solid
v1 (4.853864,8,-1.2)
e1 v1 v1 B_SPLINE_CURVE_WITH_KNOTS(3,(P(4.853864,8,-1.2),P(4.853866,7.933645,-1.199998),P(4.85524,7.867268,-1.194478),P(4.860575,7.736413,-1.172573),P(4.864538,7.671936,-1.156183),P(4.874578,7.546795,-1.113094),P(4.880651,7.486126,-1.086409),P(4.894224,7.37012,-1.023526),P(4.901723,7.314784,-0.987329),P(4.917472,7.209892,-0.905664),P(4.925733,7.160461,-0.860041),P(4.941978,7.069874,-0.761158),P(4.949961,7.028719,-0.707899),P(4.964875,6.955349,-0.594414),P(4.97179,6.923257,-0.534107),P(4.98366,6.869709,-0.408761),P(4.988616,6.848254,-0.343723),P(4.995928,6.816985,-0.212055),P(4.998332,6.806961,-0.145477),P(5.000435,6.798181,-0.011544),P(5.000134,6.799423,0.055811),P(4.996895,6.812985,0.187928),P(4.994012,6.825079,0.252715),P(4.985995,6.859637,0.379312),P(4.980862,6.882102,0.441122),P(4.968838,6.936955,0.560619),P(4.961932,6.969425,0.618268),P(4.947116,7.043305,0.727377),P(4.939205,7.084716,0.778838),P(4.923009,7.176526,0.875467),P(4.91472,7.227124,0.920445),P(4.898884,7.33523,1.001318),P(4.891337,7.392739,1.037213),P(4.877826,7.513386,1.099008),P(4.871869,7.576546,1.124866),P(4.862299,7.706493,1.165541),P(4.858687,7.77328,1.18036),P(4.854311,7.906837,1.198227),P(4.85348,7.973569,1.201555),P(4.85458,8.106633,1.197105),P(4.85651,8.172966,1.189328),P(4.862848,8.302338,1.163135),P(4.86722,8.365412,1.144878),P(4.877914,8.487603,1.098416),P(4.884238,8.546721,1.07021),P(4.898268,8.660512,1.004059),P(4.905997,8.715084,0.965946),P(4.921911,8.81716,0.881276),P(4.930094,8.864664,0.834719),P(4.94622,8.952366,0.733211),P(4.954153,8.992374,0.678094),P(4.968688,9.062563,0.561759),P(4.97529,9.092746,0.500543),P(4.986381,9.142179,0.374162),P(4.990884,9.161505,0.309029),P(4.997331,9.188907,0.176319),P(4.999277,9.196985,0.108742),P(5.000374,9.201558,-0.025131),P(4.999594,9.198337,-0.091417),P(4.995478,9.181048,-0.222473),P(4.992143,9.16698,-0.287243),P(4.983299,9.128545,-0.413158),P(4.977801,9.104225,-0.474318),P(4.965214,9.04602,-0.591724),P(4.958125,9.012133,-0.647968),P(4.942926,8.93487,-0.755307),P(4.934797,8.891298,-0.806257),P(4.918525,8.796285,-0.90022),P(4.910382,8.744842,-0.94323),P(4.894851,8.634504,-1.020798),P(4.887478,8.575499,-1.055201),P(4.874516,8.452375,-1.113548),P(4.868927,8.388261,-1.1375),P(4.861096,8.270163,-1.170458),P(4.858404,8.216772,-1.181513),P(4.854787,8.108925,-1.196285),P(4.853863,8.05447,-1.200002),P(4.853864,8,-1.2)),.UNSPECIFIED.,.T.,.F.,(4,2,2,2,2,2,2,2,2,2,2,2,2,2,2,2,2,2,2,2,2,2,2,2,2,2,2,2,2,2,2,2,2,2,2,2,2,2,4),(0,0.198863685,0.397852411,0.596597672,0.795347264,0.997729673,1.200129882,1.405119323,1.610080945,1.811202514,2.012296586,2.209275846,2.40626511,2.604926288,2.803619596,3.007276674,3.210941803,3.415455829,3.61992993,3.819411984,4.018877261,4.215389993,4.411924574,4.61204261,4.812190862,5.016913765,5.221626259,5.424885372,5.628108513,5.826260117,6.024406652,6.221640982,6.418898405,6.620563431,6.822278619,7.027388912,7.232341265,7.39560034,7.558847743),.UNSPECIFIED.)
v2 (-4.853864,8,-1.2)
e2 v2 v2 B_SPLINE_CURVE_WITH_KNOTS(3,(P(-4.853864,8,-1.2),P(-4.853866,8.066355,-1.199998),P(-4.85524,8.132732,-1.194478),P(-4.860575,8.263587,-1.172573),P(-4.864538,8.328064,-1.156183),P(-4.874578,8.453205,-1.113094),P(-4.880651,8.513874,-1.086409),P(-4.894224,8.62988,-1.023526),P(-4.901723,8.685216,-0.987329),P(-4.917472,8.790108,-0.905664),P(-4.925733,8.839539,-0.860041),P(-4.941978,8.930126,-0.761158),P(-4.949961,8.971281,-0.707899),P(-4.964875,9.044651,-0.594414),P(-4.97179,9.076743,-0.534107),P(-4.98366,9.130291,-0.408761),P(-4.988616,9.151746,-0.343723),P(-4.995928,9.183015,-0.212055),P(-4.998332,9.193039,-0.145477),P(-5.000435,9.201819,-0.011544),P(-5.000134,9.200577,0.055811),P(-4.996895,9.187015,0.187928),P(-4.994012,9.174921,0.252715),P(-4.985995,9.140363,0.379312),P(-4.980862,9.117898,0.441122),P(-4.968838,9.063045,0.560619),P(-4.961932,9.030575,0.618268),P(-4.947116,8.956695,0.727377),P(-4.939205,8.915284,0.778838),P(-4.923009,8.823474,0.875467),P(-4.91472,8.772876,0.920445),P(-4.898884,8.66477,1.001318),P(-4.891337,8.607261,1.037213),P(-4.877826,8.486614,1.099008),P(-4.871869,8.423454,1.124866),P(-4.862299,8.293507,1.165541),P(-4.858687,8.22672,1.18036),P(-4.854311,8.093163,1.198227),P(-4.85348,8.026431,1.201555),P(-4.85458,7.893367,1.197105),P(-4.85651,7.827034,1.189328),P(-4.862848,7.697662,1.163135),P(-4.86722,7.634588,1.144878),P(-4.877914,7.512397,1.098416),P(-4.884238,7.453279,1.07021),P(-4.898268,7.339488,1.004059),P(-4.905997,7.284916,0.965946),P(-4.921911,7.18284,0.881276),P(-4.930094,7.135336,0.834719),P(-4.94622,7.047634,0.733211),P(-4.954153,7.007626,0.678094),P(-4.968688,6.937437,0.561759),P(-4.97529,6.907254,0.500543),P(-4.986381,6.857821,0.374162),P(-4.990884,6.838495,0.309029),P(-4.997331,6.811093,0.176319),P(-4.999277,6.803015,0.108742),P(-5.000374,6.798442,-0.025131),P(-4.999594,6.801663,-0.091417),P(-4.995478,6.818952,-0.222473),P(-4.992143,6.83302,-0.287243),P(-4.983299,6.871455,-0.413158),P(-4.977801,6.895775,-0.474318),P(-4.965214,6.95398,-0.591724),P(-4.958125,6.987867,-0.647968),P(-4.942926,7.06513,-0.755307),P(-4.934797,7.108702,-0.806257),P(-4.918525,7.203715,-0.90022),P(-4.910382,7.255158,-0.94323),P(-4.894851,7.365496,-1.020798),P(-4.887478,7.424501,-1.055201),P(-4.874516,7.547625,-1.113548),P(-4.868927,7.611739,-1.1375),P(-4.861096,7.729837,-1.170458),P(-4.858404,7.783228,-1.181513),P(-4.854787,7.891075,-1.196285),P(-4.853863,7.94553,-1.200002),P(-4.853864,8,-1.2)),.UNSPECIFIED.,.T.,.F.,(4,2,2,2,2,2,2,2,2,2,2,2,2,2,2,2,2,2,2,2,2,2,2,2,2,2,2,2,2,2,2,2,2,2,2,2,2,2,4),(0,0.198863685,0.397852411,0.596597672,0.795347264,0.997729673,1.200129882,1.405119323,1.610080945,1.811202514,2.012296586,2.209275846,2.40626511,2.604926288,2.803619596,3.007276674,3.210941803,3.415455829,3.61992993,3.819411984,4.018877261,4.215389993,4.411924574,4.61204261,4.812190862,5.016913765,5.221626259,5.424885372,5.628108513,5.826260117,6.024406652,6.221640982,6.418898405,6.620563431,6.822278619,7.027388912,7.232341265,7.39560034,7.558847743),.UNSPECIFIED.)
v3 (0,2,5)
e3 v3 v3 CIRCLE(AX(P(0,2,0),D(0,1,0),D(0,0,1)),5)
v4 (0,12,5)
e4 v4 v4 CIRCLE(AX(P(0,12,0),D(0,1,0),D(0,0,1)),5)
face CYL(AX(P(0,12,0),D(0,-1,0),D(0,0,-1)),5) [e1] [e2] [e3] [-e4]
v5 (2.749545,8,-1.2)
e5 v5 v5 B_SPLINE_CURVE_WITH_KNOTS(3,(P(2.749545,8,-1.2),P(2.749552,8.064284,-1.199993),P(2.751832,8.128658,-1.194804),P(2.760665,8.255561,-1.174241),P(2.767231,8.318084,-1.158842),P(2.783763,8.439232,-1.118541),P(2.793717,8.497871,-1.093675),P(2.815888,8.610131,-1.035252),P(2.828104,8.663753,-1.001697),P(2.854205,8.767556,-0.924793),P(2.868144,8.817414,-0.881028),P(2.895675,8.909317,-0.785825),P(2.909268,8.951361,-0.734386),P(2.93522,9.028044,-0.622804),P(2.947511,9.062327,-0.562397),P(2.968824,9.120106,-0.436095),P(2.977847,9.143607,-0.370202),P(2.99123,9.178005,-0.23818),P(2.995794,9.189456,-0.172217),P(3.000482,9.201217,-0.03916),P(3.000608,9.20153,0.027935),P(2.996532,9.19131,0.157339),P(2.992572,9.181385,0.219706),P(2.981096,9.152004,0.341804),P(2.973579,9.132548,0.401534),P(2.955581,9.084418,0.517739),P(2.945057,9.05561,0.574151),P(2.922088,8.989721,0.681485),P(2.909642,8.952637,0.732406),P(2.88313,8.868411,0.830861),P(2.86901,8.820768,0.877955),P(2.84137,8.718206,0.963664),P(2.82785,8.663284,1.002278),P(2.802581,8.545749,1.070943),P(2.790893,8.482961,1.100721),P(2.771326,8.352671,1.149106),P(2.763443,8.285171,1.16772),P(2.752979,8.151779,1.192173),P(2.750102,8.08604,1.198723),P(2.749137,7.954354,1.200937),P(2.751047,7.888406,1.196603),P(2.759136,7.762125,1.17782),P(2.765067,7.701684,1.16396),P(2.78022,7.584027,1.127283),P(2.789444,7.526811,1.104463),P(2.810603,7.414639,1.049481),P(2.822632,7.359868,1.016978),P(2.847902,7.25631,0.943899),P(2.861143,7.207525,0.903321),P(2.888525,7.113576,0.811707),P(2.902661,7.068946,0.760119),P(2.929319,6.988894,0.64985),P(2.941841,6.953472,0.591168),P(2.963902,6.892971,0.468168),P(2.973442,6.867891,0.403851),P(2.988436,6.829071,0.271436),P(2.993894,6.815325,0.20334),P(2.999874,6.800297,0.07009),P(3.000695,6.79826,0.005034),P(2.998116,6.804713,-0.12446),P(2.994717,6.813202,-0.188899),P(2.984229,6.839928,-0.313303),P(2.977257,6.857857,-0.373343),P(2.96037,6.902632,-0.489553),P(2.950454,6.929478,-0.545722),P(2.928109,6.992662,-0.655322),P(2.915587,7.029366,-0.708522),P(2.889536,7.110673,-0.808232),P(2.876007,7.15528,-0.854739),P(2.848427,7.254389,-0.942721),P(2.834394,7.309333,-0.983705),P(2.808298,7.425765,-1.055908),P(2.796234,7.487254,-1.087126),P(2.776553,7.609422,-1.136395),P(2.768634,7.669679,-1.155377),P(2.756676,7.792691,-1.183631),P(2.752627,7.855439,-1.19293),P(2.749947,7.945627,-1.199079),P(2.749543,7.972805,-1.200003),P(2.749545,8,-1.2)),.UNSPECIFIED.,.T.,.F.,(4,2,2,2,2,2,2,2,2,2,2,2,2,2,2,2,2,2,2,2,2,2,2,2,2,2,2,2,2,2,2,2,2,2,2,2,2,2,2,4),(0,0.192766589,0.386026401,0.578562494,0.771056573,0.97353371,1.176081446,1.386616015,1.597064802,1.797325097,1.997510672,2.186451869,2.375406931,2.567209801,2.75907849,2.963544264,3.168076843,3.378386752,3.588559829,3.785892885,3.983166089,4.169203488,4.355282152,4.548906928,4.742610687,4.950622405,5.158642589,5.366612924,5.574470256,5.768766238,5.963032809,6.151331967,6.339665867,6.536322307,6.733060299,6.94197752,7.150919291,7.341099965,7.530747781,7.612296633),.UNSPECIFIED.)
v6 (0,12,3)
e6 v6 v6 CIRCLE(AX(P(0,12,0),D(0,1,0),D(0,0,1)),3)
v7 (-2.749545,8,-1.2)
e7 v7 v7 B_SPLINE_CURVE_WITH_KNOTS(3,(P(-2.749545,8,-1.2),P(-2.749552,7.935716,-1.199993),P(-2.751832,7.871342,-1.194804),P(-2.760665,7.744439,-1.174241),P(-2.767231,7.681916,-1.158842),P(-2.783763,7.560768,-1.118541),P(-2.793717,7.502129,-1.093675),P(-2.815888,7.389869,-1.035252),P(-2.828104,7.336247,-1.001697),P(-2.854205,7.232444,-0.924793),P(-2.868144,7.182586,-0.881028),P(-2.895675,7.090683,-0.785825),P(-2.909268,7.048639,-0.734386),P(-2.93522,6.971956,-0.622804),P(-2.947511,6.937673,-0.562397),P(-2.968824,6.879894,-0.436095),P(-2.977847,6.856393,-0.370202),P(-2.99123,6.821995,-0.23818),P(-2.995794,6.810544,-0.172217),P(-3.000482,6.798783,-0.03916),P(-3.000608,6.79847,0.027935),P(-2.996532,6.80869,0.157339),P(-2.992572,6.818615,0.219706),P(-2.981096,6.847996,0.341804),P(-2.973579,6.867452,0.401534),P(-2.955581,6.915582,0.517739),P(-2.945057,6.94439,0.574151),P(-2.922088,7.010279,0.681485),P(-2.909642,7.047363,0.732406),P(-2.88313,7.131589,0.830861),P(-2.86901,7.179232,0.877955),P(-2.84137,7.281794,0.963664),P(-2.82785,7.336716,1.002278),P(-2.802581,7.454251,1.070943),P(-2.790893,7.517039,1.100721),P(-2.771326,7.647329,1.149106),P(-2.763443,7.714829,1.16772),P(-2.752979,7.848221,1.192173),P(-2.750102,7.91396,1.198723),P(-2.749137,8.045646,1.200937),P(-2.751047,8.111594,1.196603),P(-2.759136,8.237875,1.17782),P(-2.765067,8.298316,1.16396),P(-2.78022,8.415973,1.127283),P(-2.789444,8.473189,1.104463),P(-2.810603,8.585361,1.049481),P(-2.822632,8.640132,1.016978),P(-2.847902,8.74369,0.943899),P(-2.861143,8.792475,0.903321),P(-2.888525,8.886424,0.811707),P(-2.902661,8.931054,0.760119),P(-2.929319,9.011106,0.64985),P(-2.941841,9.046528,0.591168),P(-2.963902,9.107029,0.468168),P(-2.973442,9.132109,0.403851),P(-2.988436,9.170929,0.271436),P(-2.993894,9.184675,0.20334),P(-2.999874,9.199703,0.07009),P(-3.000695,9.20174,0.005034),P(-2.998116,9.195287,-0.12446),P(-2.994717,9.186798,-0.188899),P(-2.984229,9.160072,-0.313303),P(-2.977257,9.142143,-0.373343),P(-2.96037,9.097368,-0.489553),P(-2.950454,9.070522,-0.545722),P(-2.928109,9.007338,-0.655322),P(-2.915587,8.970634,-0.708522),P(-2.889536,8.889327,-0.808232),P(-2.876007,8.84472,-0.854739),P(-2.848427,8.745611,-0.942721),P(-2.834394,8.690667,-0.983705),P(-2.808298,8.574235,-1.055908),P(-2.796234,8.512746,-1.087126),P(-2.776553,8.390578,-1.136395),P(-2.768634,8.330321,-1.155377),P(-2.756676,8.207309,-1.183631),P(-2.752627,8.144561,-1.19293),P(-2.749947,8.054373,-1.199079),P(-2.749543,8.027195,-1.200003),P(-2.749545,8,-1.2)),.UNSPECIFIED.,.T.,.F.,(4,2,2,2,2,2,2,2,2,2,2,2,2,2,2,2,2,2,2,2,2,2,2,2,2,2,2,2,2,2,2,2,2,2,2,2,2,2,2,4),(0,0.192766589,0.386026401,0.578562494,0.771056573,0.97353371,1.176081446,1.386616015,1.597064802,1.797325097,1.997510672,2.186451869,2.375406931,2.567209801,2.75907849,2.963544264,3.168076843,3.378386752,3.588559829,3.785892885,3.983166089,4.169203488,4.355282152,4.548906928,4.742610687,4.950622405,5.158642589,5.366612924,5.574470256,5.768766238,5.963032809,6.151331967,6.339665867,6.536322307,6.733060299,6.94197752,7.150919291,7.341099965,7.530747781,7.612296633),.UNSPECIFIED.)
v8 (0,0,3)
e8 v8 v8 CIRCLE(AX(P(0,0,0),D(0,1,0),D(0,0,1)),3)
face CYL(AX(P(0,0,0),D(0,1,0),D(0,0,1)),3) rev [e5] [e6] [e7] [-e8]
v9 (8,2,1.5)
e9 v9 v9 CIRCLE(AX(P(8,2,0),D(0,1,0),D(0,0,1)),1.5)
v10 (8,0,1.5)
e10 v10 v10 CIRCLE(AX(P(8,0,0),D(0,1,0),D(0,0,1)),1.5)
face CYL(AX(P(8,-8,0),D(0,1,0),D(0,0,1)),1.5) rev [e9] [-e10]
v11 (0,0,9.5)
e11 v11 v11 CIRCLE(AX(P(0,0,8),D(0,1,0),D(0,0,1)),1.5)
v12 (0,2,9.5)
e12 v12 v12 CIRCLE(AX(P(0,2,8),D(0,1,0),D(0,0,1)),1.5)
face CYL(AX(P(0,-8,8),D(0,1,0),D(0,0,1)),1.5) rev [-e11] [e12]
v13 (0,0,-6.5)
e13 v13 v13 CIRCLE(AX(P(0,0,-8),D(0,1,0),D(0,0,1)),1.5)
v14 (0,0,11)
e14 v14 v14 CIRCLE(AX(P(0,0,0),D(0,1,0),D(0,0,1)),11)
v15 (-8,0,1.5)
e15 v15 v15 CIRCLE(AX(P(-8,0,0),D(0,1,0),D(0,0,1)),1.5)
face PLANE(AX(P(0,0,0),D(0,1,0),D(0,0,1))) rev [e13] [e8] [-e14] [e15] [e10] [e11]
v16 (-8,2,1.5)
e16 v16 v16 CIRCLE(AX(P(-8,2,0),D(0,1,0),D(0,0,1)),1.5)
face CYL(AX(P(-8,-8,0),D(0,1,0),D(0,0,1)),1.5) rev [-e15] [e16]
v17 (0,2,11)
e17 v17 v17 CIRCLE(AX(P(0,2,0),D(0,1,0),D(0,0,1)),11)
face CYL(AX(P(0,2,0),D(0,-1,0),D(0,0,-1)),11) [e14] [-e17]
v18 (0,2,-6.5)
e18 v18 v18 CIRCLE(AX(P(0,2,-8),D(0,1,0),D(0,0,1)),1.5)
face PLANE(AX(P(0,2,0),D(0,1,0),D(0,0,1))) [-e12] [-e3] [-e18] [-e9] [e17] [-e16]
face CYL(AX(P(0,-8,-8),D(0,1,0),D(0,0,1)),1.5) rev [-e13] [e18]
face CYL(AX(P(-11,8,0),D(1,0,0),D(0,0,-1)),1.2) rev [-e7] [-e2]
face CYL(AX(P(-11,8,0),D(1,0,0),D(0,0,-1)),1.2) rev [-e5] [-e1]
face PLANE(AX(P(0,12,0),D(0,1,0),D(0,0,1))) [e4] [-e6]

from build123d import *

# Parameters (mm, degrees)
SKETCH_1_R               = 11
EXTRUDE_1_DEPTH          = 2
SKETCH_2_R               = 5
EXTRUDE_2_DEPTH          = 10
SKETCH_3_R               = 3
CUT_EXTRUDE_1_DEPTH      = 20.646882704
SKETCH_4_R               = 1.5
CUT_EXTRUDE_2_DEPTH      = 10
CUT_EXTRUDE_3_DEPTH      = 20.646882704
CUT_EXTRUDE_3_DEPTH_BACK = 20.646882704
SKETCH_5_R               = 1.2


with BuildPart() as part:
    # 草图1 → 凸台-拉伸1 (new body)
    with BuildSketch(Plane(origin=(0, 0, 0), x_dir=(1, 0, 0), z_dir=(0, 1, 0))):
        with Locations(Location((0, 0, 0), (0, 0, 270))):
            Circle(SKETCH_1_R)
    extrude(amount=EXTRUDE_1_DEPTH)

    # 草图2 → 凸台-拉伸2 (add)
    with BuildSketch(Plane(origin=(0, 2, 0), x_dir=(1, 0, 0), z_dir=(0, 1, 0))):
        with Locations(Location((0, 0, 0), (0, 0, 270))):
            Circle(SKETCH_2_R)
    extrude(amount=EXTRUDE_2_DEPTH)

    # 草图3 → 切除-拉伸1 (cut, through all)
    with BuildSketch(Plane(origin=(0, 12, 0), x_dir=(1, 0, 0), z_dir=(0, 1, 0))):
        with Locations(Location((0, 0, 0), (0, 0, 270))):
            Circle(SKETCH_3_R)
    extrude(amount=-CUT_EXTRUDE_1_DEPTH, mode=Mode.SUBTRACT)

    # 草图4 → 切除-拉伸2 (cut)
    with BuildSketch(Plane(origin=(0, 2, 0), x_dir=(1, 0, 0), z_dir=(0, 1, 0))):
        with Locations(Location((0, 8, 0), (0, 0, 270))):
            Circle(SKETCH_4_R)
        with Locations(Location((8, 0, 0), (0, 0, 270))):
            Circle(SKETCH_4_R)
        with Locations(Location((0, -8, 0), (0, 0, 270))):
            Circle(SKETCH_4_R)
        with Locations(Location((-8, 0, 0), (0, 0, 270))):
            Circle(SKETCH_4_R)
    extrude(amount=-CUT_EXTRUDE_2_DEPTH, mode=Mode.SUBTRACT)

    # 草图5 → 切除-拉伸3 (cut, two sides: drawn at the far end of the back side and taken through both)
    with BuildSketch(Plane(origin=(0, 0, 0), x_dir=(0, 0, -1), z_dir=(1, 0, 0)).offset(-CUT_EXTRUDE_3_DEPTH_BACK)):
        with Locations((0, 8)):
            Circle(SKETCH_5_R)
    extrude(amount=CUT_EXTRUDE_3_DEPTH + CUT_EXTRUDE_3_DEPTH_BACK, mode=Mode.SUBTRACT)


solid = part.part
